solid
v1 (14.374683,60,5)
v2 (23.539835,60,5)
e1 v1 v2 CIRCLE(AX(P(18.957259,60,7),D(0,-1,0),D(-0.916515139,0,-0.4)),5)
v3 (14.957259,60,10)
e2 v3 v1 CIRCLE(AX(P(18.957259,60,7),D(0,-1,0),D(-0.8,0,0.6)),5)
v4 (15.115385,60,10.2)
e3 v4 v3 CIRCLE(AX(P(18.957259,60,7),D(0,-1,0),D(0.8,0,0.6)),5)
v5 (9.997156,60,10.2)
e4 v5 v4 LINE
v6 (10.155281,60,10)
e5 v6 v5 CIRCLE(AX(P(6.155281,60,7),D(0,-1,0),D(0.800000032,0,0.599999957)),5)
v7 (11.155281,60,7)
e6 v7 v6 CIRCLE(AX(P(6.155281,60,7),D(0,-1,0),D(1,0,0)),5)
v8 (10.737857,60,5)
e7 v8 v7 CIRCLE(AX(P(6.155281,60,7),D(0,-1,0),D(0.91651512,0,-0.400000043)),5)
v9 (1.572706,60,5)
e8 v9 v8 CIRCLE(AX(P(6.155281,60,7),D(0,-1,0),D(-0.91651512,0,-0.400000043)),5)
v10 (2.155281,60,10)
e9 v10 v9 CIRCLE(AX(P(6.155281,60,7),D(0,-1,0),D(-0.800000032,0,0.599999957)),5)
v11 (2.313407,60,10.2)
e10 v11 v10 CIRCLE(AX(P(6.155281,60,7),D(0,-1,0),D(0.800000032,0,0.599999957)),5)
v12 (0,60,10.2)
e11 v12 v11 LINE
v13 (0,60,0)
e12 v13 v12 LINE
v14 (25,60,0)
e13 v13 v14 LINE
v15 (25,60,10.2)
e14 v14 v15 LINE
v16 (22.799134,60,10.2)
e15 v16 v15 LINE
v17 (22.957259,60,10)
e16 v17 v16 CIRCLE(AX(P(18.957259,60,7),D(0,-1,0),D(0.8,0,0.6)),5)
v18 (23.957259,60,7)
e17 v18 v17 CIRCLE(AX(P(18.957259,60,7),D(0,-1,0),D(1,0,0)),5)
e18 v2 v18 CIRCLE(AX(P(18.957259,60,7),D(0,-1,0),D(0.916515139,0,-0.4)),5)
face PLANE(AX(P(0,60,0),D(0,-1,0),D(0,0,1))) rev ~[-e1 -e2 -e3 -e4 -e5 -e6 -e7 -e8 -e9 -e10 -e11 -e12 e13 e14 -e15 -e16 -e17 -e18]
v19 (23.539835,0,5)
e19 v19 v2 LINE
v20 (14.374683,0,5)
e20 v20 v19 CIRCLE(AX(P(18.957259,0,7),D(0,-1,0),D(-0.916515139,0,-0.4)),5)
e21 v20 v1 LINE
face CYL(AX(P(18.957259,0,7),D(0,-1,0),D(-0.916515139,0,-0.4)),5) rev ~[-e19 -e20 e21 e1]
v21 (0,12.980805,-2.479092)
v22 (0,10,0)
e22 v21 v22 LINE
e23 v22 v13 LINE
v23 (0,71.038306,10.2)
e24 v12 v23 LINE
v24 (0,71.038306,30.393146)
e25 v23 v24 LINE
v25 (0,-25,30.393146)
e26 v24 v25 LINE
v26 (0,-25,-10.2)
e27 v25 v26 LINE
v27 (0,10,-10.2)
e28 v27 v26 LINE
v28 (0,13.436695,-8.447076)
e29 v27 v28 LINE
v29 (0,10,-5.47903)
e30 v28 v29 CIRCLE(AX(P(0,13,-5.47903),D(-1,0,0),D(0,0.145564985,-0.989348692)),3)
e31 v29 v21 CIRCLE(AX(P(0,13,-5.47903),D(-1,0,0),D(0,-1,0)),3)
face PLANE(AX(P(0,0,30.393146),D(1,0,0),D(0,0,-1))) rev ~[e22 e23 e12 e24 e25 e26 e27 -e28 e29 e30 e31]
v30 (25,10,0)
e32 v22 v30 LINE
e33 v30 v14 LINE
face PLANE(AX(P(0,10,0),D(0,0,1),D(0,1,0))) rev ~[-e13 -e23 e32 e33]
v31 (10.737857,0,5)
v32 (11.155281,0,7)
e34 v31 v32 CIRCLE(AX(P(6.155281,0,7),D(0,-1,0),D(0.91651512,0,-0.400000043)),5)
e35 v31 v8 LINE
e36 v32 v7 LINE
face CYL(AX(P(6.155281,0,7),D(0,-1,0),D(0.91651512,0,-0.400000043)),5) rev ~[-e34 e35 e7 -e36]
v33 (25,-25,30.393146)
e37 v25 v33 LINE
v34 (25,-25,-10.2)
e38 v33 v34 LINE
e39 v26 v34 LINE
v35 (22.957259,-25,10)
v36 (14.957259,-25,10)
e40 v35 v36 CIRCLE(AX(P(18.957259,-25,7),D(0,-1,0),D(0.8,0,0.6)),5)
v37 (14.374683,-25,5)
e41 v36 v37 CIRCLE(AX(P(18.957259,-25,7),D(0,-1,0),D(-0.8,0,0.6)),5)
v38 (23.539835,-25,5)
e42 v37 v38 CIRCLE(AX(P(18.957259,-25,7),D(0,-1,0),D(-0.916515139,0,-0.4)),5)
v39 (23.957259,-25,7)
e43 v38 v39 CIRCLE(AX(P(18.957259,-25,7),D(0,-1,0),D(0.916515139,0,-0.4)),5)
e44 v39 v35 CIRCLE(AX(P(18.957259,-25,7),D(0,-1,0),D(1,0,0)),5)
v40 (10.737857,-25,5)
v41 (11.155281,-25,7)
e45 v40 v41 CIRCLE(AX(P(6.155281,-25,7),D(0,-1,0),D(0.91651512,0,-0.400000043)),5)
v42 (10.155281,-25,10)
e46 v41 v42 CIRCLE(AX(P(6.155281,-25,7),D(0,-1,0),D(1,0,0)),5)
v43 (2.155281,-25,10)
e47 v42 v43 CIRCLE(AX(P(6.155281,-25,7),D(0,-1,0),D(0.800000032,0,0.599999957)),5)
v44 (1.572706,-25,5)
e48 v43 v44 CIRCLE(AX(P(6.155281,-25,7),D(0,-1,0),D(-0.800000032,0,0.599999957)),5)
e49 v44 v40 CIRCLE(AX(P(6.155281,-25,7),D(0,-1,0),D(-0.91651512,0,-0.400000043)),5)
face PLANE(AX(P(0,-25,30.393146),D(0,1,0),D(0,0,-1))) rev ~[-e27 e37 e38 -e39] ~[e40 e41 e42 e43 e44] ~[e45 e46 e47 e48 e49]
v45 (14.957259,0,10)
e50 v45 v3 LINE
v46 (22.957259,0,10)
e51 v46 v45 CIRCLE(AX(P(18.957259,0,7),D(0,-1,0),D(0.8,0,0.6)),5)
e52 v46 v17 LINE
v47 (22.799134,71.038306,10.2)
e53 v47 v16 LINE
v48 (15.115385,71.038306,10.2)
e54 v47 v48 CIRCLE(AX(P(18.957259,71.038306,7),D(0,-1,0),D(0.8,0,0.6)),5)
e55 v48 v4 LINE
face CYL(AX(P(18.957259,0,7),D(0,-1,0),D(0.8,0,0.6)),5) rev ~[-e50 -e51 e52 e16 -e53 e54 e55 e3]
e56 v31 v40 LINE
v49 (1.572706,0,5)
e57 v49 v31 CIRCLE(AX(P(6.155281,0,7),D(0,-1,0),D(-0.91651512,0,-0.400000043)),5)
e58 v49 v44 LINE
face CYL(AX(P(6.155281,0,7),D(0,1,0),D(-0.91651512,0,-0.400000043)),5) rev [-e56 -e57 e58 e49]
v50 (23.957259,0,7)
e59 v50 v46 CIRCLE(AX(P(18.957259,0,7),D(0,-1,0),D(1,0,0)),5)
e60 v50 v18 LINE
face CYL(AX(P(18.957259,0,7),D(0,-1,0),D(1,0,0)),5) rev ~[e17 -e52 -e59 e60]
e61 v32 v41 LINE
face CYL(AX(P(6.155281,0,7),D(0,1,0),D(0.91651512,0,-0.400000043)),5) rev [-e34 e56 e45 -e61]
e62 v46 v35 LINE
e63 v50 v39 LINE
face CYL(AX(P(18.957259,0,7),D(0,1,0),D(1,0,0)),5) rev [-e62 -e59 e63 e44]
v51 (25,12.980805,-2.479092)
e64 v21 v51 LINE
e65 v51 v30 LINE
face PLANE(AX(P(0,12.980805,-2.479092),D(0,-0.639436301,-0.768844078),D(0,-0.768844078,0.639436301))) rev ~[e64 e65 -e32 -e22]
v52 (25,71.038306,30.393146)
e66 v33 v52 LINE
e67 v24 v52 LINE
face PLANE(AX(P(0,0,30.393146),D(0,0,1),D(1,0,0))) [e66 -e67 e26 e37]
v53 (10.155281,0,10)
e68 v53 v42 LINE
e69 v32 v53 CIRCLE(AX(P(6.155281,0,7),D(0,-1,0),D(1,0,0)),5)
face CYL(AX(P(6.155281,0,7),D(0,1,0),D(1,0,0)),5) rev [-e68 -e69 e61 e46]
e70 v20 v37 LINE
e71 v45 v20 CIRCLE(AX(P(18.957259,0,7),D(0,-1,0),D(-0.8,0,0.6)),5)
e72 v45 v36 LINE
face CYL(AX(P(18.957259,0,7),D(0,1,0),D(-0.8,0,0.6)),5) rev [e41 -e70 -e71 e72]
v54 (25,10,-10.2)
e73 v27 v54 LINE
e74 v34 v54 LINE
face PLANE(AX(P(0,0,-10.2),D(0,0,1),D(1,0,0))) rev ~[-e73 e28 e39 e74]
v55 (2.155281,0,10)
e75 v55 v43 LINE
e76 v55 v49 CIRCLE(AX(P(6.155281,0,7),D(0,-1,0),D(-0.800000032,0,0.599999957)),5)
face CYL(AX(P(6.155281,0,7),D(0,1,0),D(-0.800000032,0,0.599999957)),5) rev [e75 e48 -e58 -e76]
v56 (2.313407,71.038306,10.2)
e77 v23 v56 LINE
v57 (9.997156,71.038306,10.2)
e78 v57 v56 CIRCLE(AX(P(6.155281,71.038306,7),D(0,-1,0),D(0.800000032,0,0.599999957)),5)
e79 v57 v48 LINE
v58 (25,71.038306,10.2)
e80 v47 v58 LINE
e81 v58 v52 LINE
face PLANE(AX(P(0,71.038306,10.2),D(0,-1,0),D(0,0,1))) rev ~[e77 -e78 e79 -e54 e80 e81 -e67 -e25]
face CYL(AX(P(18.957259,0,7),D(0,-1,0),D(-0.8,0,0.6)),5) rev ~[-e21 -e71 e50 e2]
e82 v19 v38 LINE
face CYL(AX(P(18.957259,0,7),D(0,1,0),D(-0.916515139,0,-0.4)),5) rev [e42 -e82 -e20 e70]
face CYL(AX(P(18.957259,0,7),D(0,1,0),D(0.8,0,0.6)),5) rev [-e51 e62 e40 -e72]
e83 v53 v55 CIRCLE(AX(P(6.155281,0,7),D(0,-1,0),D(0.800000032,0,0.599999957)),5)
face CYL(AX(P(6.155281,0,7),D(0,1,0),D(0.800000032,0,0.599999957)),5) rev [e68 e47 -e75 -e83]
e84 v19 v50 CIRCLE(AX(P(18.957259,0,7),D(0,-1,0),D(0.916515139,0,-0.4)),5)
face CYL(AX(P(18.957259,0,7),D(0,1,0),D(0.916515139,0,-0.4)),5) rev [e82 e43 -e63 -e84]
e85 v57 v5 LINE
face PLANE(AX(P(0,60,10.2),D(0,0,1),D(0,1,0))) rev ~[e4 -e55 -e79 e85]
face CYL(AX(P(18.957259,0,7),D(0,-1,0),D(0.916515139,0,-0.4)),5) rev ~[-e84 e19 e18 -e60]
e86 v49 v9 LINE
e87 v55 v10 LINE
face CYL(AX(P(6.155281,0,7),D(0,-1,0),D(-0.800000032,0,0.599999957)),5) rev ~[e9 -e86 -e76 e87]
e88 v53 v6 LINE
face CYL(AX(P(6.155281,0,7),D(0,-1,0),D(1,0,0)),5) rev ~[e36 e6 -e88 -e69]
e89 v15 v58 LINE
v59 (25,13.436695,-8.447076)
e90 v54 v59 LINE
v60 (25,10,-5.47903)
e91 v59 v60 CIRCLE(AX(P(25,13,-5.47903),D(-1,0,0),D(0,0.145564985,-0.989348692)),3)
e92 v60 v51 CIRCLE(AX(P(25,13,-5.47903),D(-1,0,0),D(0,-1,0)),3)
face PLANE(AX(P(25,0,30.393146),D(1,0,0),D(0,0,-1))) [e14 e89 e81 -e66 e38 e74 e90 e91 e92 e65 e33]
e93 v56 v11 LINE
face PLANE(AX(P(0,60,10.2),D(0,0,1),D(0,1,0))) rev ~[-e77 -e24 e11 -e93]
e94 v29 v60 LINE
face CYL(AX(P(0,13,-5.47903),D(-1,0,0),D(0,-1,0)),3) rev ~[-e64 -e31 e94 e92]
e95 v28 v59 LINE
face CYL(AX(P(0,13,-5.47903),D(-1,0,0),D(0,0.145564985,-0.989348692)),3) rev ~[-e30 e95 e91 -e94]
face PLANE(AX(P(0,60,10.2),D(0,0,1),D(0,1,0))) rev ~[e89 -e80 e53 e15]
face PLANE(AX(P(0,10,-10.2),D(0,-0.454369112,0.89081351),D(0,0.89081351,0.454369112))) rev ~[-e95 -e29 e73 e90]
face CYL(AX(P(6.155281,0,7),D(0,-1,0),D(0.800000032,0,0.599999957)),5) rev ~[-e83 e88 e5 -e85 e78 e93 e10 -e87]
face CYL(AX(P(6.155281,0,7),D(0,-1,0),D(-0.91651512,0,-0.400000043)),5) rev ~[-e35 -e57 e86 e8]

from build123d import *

# Parameters (mm, degrees)
F1_DEPTH = 25
F3_DEPTH = 71.0393057594
F4_DEPTH = 25


with BuildPart() as f1:
    # F0 (on Right) → F1 (new body)
    with BuildSketch(Plane.YZ):
        Polygon((0, 10.2), (0, 0), (10, 0), (60, 0), (60, 10.2), align=None)
        Polygon((10, 0), (0, 0), (0, -10.2), (10, -10.2), (10, -5.4790303111), align=None)
        with BuildLine():
            Line((12.9808050988, -2.4790917191), (10, 0))
            Line((10, 0), (10, -5.4790303111))
            ThreePointArc((10, -5.4790303111), (10.8719040549, -3.3645072802), (12.9808050988, -2.4790917191))
        make_face()
        Polygon((0, 30.3931459785), (0, 10.2), (60, 10.2), (71.0383057594, 10.2), (71.0383057594, 30.3931459785), align=None)
        with BuildLine():
            ThreePointArc((13.4366949561, -8.4470763881), (11.0391436652, -7.7495021639), (10, -5.4790303111))
            Line((10, -5.4790303111), (10, -10.2))
            Line((10, -10.2), (13.4366949561, -8.4470763881))
        make_face()
    extrude(amount=F1_DEPTH)

    # F2 (on face) → F3 (cut, through all)
    with BuildSketch(Plane.XZ):
        with BuildLine():
            ThreePointArc((10.1552814897, 10), (6.1552813277, 12.0000002161), (2.1552811656, 10))
            Line((2.1552811656, 10), (10.1552814897, 10))
        make_face()
        with BuildLine():
            ThreePointArc((2.1552811656, 10), (1.1888790402, 7.5786610142), (1.572705727, 5))
            Line((1.572705727, 5), (10.7378569283, 5))
            ThreePointArc((10.7378569283, 5), (11.0498128682, 5.9784518822), (11.1552813277, 7.0000002161))
            ThreePointArc((11.1552813277, 7.0000002161), (10.8986978606, 8.581138918), (10.1552814897, 10))
            Line((10.1552814897, 10), (2.1552811656, 10))
        make_face()
        with BuildLine():
            Line((10.7378569283, 5), (1.572705727, 5))
            ThreePointArc((1.572705727, 5), (6.1552813277, 2.0000002161), (10.7378569283, 5))
        make_face()
        with BuildLine():
            Line((14.9572591335, 10), (22.9572591335, 10))
            ThreePointArc((22.9572591335, 10), (18.9572591335, 12), (14.9572591335, 10))
        make_face()
        with BuildLine():
            Line((14.3746834385, 5), (23.5398348284, 5))
            ThreePointArc((23.5398348284, 5), (23.8517906981, 5.9784517816), (23.9572591335, 7))
            ThreePointArc((23.9572591335, 7), (23.7006756237, 8.5811388301), (22.9572591335, 10))
            Line((22.9572591335, 10), (14.9572591335, 10))
            ThreePointArc((14.9572591335, 10), (13.9908568753, 7.5786610494), (14.3746834385, 5))
        make_face()
        with BuildLine():
            ThreePointArc((14.3746834385, 5), (18.9572591335, 2), (23.5398348284, 5))
            Line((23.5398348284, 5), (14.3746834385, 5))
        make_face()
    extrude(amount=-F3_DEPTH, mode=Mode.SUBTRACT)

    # F4 (add): a face of the model
    f4_faces = [f1.faces().sort_by_distance(p)[0] for p in [
        (12.4896952291, 0, 10.6636485804),
    ]]
    extrude(f4_faces, amount=F4_DEPTH)


solid = f1.part
